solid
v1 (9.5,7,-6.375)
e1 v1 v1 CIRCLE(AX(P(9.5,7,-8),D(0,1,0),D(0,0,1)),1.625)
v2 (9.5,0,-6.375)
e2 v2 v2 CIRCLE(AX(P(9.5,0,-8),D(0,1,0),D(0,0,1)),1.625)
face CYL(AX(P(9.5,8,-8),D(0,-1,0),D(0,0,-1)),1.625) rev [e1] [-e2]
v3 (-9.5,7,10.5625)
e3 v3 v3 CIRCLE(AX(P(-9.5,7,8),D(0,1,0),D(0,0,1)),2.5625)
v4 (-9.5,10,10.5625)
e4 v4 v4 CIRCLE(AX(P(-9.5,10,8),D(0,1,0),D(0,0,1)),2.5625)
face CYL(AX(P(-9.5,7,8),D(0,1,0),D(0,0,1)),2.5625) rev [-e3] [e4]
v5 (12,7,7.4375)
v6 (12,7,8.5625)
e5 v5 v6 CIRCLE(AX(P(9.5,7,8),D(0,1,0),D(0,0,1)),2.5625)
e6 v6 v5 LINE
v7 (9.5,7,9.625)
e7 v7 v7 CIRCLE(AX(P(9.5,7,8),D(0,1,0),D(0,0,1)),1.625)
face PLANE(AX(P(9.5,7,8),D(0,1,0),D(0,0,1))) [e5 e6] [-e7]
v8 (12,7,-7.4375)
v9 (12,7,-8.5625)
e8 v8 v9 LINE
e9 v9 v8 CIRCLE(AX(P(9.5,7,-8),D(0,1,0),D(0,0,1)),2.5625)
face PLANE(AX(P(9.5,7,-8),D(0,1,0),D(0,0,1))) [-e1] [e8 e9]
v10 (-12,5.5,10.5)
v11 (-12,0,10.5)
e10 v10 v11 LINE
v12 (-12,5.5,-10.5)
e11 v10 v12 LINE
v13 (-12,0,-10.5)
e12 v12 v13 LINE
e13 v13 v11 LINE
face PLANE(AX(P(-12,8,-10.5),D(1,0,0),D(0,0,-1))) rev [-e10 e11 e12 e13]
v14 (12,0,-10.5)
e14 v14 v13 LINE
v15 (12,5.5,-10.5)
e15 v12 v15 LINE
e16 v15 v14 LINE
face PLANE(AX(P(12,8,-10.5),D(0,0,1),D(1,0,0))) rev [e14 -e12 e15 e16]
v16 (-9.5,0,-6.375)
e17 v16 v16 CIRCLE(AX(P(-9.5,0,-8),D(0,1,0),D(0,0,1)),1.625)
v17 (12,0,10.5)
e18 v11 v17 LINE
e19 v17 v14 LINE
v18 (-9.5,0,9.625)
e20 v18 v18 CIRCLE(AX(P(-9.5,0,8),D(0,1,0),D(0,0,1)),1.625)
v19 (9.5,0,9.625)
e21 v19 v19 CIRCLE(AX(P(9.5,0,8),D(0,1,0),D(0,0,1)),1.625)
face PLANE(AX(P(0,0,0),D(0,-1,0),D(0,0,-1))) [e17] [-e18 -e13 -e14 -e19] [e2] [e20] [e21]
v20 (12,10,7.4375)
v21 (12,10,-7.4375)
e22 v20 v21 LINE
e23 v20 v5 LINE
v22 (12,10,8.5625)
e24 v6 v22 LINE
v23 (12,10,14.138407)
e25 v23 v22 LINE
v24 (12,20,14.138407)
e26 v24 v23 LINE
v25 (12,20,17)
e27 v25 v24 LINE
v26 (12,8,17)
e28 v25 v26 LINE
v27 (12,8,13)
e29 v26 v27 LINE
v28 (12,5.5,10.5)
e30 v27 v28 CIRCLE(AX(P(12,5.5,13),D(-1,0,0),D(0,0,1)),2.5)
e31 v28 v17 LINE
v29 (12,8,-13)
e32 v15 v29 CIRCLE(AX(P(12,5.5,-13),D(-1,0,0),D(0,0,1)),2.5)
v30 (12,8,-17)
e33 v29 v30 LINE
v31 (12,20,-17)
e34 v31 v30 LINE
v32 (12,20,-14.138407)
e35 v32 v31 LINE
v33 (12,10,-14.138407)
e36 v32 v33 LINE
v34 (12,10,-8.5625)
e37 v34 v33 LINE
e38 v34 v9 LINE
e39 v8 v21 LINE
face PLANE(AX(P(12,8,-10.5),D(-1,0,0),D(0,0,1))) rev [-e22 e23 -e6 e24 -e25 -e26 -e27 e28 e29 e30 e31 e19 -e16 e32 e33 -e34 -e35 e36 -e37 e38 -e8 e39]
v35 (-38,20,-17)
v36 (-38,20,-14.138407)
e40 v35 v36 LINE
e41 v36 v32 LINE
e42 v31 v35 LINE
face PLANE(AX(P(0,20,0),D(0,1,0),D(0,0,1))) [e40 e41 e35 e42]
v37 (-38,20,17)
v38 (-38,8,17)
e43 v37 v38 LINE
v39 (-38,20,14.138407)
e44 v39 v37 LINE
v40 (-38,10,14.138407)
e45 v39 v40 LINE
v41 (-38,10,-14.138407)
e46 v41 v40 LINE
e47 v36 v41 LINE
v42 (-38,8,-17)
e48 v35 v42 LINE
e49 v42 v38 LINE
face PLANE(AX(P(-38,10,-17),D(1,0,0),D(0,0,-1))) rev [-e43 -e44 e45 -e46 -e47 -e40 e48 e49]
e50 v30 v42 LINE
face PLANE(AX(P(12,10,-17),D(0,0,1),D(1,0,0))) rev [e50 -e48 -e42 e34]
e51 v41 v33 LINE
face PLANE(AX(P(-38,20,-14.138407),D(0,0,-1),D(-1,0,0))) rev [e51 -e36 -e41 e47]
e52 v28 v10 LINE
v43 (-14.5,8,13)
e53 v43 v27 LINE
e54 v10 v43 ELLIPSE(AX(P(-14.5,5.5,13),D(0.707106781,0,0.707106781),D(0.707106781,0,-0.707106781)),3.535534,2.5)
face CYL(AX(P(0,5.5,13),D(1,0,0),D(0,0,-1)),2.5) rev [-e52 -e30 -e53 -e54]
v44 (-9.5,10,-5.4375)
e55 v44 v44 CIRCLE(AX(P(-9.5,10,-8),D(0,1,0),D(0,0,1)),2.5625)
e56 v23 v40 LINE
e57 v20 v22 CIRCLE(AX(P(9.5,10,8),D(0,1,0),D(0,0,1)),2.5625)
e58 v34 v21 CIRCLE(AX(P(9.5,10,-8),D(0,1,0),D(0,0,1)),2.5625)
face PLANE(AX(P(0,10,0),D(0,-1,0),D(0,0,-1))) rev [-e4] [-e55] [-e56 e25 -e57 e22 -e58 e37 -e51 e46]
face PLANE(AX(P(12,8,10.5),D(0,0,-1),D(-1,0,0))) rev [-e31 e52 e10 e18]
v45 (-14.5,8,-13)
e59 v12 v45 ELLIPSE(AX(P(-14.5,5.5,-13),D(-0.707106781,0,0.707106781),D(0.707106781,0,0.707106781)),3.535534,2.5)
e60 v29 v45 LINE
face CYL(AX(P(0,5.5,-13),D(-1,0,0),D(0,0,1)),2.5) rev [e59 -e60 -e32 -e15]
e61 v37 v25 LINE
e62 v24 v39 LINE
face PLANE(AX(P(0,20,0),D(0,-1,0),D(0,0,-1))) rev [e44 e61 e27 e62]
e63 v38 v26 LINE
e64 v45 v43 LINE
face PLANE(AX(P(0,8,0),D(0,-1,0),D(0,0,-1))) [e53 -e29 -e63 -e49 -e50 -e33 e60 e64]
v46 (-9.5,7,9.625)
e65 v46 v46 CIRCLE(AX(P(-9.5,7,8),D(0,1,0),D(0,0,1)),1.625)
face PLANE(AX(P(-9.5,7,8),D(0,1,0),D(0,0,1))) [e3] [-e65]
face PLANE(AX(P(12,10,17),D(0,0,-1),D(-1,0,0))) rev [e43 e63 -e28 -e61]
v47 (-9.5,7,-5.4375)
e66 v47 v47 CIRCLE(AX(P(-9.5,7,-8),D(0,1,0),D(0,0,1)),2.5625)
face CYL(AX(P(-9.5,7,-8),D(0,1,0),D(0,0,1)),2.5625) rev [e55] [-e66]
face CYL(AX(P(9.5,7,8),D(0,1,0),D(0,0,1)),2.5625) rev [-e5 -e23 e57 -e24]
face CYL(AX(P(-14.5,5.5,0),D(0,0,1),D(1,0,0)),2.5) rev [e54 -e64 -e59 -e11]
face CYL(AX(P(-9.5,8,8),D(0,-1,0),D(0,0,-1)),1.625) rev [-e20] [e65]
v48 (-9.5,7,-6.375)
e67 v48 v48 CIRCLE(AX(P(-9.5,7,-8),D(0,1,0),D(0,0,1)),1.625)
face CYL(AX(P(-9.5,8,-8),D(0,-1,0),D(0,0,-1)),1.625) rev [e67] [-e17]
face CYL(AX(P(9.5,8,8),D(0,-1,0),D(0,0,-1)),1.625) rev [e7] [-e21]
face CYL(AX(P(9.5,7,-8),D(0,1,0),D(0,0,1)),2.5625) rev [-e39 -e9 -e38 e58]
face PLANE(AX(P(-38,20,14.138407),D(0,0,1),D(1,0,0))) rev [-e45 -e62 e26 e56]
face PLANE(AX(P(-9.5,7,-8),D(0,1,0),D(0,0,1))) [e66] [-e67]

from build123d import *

# Parameters (mm, degrees)
SKETCH1_W           = 24
SKETCH1_H           = 21
SKETCH1_R           = 1.625
BOSS_EXTRUDE1_DEPTH = 8
SKETCH2_W           = 50
SKETCH2_H           = 34
SKETCH2_R           = 1.625
BOSS_EXTRUDE2_DEPTH = 2
FILLET2_R           = 2.5
SKETCH3_W           = 50
SKETCH3_H           = 2.861592732
BOSS_EXTRUDE3_DEPTH = 10
SKETCH4_R           = 2.5625
CUT_EXTRUDE3_DEPTH  = 3


with BuildPart() as part:
    # Sketch1 → Boss-Extrude1 (new body)
    with BuildSketch(Plane(origin=(0, 0, 0), x_dir=(1, 0, 0), z_dir=(0, 1, 0))):
        Rectangle(SKETCH1_W, SKETCH1_H)
        with Locations(Location((-9.5, 8, 0), (0, 0, 270))):
            Circle(SKETCH1_R, mode=Mode.SUBTRACT)
        with Locations(Location((9.5, 8, 0), (0, 0, 270))):
            Circle(SKETCH1_R, mode=Mode.SUBTRACT)
        with Locations(Location((9.5, -8, 0), (0, 0, 270))):
            Circle(SKETCH1_R, mode=Mode.SUBTRACT)
        with Locations(Location((-9.5, -8, 0), (0, 0, 270))):
            Circle(SKETCH1_R, mode=Mode.SUBTRACT)
    extrude(amount=BOSS_EXTRUDE1_DEPTH)

    # Sketch2 → Boss-Extrude2 (add)
    with BuildSketch(Plane(origin=(0, 8, 0), x_dir=(1, 0, 0), z_dir=(0, 1, 0))):
        with Locations((-13, 0)):
            Rectangle(SKETCH2_W, SKETCH2_H)
        with Locations(Location((9.5, -8, 0), (0, 0, 270))):
            Circle(SKETCH2_R, mode=Mode.SUBTRACT)
        with Locations(Location((-9.5, -8, 0), (0, 0, 270))):
            Circle(SKETCH2_R, mode=Mode.SUBTRACT)
        with Locations(Location((9.5, 8, 0), (0, 0, 270))):
            Circle(SKETCH2_R, mode=Mode.SUBTRACT)
        with Locations(Location((-9.5, 8, 0), (0, 0, 270))):
            Circle(SKETCH2_R, mode=Mode.SUBTRACT)
    extrude(amount=BOSS_EXTRUDE2_DEPTH)

    # Fillet2
    fillet2_edges = [part.edges().sort_by_distance(p)[0] for p in [
        (0, 8, -10.5),
        (-12, 8, 0),
        (0, 8, 10.5),
    ]]
    fillet(fillet2_edges, radius=FILLET2_R)

    # Sketch3 → Boss-Extrude3 (add)
    with BuildSketch(Plane(origin=(0, 10, 0), x_dir=(1, 0, 0), z_dir=(0, 1, 0))):
        with Locations((-13, 15.569203634)):
            Rectangle(SKETCH3_W, SKETCH3_H)
        with Locations((-13, -15.569203634)):
            Rectangle(SKETCH3_W, SKETCH3_H)
    extrude(amount=BOSS_EXTRUDE3_DEPTH)

    # Sketch4 → Cut-Extrude3 (cut)
    with BuildSketch(Plane(origin=(0, 10, 0), x_dir=(1, 0, 0), z_dir=(0, 1, 0))):
        with Locations(Location((-9.5, 8, 0), (0, 0, 270))):
            Circle(SKETCH4_R)
        with Locations((9.5, 8)):
            Circle(SKETCH4_R)
        with Locations((9.5, -8)):
            Circle(SKETCH4_R)
        with Locations(Location((-9.5, -8, 0), (0, 0, 270))):
            Circle(SKETCH4_R)
    extrude(amount=-CUT_EXTRUDE3_DEPTH, mode=Mode.SUBTRACT)


solid = part.part
